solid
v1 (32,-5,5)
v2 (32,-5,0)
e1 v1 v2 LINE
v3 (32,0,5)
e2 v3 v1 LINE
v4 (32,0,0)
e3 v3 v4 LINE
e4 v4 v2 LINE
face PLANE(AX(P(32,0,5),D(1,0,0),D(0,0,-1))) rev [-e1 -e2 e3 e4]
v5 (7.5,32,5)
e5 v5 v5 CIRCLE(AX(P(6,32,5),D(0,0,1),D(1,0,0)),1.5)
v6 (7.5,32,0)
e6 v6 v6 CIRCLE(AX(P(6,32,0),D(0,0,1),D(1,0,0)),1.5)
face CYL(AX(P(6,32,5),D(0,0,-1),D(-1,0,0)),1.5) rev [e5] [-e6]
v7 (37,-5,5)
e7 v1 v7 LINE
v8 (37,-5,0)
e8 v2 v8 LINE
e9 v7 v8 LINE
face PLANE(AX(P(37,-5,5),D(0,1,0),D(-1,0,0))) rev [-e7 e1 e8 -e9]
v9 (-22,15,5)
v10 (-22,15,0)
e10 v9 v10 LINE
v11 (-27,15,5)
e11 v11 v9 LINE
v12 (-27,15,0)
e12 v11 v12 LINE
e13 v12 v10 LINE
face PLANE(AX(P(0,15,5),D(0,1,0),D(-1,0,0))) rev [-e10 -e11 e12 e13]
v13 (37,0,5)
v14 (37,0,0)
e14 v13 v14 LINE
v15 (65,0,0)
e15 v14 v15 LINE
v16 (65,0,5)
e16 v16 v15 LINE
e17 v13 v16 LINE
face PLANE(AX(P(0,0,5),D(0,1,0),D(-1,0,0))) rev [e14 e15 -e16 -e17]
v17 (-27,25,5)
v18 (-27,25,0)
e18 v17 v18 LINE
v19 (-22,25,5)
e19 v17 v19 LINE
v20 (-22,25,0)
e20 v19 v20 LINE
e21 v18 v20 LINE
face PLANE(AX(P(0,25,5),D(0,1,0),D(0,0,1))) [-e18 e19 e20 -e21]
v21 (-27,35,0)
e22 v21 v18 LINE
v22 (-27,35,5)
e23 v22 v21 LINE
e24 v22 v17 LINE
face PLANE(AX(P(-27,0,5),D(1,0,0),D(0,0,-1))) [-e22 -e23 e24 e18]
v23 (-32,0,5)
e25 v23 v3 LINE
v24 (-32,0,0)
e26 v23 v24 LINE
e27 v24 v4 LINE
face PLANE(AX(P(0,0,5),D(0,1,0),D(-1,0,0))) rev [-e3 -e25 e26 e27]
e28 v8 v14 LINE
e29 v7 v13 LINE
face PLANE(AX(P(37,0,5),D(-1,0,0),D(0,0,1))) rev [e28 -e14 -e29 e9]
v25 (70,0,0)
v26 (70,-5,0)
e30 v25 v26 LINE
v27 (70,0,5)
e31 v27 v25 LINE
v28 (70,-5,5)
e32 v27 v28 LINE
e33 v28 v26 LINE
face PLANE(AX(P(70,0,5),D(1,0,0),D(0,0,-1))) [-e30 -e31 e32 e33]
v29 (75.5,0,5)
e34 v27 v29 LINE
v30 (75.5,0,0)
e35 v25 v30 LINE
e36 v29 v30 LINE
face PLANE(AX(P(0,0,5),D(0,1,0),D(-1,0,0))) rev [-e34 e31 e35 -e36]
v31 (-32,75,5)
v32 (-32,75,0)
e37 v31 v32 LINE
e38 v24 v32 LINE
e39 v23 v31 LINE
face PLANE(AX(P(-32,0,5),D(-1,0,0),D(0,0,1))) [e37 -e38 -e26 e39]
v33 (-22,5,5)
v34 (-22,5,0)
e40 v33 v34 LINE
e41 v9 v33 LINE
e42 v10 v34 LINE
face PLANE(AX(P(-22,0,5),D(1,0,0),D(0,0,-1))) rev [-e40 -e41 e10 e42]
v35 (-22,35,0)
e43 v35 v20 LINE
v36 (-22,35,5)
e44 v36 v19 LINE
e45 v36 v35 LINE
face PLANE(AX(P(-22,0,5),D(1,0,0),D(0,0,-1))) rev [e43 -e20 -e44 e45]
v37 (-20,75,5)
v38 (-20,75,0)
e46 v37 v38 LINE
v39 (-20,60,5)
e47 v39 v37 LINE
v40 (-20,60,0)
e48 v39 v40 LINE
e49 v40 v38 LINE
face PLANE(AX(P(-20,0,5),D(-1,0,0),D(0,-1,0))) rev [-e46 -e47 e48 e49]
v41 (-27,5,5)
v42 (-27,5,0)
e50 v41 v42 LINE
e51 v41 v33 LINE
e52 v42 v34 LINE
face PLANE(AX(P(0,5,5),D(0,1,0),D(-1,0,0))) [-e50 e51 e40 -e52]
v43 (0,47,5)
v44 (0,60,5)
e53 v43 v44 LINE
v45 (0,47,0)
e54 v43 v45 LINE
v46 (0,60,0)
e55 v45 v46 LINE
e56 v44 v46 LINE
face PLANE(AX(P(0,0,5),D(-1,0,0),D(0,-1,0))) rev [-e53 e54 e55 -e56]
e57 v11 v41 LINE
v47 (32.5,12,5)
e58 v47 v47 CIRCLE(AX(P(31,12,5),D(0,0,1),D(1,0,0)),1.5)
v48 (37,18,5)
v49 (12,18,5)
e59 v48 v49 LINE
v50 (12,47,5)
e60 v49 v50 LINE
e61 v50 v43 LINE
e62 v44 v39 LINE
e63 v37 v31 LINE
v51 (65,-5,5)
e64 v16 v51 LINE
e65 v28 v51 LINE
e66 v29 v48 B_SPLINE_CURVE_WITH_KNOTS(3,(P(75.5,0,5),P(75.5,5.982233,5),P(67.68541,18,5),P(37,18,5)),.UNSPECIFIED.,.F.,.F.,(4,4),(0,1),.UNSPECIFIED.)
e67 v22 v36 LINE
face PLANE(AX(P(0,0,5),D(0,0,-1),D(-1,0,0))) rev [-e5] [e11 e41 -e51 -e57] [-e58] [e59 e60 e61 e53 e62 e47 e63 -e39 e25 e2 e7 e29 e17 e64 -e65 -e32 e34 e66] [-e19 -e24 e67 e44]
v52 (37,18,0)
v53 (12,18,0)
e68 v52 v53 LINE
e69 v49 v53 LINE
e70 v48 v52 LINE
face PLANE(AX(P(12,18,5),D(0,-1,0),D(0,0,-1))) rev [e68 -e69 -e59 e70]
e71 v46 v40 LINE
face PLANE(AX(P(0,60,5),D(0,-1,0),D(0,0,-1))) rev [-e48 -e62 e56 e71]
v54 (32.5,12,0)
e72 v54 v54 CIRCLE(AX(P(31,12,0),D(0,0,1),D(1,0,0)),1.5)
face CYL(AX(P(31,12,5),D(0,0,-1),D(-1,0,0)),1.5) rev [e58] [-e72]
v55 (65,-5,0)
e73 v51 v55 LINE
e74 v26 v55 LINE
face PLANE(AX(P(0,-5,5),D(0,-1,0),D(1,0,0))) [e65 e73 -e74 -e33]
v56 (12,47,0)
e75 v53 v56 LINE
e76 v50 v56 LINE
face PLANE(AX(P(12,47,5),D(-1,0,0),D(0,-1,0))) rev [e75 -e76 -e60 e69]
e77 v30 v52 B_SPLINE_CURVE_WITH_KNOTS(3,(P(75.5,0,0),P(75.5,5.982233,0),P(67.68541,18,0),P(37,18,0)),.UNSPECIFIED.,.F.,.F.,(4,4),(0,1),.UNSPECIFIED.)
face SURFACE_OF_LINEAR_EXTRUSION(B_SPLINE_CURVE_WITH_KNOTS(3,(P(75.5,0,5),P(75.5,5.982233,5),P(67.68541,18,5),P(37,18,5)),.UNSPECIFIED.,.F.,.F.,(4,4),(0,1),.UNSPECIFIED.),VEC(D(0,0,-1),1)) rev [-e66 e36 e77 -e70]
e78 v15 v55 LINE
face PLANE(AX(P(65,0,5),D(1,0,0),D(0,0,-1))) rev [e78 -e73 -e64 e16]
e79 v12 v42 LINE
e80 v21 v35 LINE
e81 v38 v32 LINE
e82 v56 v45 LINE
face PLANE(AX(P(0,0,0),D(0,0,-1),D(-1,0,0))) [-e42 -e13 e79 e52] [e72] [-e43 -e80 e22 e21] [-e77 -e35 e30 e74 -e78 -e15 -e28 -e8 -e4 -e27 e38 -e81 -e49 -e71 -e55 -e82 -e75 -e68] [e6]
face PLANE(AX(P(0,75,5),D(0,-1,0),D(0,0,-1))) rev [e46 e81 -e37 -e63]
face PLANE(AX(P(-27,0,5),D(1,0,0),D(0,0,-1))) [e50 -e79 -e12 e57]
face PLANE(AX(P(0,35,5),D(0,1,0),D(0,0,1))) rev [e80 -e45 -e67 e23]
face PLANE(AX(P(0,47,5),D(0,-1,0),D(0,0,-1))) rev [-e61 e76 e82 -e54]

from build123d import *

# Parameters (mm, degrees)
ESQUISSE1_R        = 1.5
BOSS_EXTRU_1_DEPTH = 5
ESQUISSE2_W        = 5
ESQUISSE2_H        = 10
BOSS_EXTRU_2_DEPTH = 5


with BuildPart() as part:
    # Esquisse1 → Boss.-Extru.1 (new body)
    with BuildSketch(Plane.XY):
        Polygon((0, 0), (32, 0), (32, -5), (37, -5), (37, 0), (37, 18), (12, 18), (12, 47), (0, 47), align=None)
        with Locations((6, 32)):
            Circle(ESQUISSE1_R, mode=Mode.SUBTRACT)
        with Locations((31, 12)):
            Circle(ESQUISSE1_R, mode=Mode.SUBTRACT)
    extrude(amount=BOSS_EXTRU_1_DEPTH)

    # Esquisse2 → Boss.-Extru.2 (add)
    # profile 1 of 2: a face of its own
    with BuildSketch(Plane(origin=(0, 0, 0), x_dir=(-1, 0, 0), z_dir=(0, 0, -1))):
        with BuildLine():
            Line((-65, 0), (-37, 0))
            Line((-37, 0), (-37, 18))
            add(Edge.make_bspline(
                [(-75.5, 0), (-75.5, 5.982232529), (-67.685409636, 18), (-37, 18)],
                knots=[0, 0, 0, 0, 1, 1, 1, 1], degree=3))
            Line((-75.5, 0), (-70, 0))
            Line((-70, 0), (-70, -5))
            Line((-70, -5), (-65, -5))
            Line((-65, -5), (-65, 0))
        make_face()
    # profile 2 of 2: a face of its own
    with BuildSketch(Plane(origin=(0, 0, 0), x_dir=(-1, 0, 0), z_dir=(0, 0, -1))):
        Polygon((0, 60), (0, 0), (32, 0), (32, 75), (20, 75), (20, 60), align=None)
        with Locations((24.5, 10)):
            Rectangle(ESQUISSE2_W, ESQUISSE2_H, mode=Mode.SUBTRACT)
        with Locations((24.5, 30)):
            Rectangle(ESQUISSE2_W, ESQUISSE2_H, mode=Mode.SUBTRACT)
    extrude(amount=-BOSS_EXTRU_2_DEPTH)


solid = part.part
